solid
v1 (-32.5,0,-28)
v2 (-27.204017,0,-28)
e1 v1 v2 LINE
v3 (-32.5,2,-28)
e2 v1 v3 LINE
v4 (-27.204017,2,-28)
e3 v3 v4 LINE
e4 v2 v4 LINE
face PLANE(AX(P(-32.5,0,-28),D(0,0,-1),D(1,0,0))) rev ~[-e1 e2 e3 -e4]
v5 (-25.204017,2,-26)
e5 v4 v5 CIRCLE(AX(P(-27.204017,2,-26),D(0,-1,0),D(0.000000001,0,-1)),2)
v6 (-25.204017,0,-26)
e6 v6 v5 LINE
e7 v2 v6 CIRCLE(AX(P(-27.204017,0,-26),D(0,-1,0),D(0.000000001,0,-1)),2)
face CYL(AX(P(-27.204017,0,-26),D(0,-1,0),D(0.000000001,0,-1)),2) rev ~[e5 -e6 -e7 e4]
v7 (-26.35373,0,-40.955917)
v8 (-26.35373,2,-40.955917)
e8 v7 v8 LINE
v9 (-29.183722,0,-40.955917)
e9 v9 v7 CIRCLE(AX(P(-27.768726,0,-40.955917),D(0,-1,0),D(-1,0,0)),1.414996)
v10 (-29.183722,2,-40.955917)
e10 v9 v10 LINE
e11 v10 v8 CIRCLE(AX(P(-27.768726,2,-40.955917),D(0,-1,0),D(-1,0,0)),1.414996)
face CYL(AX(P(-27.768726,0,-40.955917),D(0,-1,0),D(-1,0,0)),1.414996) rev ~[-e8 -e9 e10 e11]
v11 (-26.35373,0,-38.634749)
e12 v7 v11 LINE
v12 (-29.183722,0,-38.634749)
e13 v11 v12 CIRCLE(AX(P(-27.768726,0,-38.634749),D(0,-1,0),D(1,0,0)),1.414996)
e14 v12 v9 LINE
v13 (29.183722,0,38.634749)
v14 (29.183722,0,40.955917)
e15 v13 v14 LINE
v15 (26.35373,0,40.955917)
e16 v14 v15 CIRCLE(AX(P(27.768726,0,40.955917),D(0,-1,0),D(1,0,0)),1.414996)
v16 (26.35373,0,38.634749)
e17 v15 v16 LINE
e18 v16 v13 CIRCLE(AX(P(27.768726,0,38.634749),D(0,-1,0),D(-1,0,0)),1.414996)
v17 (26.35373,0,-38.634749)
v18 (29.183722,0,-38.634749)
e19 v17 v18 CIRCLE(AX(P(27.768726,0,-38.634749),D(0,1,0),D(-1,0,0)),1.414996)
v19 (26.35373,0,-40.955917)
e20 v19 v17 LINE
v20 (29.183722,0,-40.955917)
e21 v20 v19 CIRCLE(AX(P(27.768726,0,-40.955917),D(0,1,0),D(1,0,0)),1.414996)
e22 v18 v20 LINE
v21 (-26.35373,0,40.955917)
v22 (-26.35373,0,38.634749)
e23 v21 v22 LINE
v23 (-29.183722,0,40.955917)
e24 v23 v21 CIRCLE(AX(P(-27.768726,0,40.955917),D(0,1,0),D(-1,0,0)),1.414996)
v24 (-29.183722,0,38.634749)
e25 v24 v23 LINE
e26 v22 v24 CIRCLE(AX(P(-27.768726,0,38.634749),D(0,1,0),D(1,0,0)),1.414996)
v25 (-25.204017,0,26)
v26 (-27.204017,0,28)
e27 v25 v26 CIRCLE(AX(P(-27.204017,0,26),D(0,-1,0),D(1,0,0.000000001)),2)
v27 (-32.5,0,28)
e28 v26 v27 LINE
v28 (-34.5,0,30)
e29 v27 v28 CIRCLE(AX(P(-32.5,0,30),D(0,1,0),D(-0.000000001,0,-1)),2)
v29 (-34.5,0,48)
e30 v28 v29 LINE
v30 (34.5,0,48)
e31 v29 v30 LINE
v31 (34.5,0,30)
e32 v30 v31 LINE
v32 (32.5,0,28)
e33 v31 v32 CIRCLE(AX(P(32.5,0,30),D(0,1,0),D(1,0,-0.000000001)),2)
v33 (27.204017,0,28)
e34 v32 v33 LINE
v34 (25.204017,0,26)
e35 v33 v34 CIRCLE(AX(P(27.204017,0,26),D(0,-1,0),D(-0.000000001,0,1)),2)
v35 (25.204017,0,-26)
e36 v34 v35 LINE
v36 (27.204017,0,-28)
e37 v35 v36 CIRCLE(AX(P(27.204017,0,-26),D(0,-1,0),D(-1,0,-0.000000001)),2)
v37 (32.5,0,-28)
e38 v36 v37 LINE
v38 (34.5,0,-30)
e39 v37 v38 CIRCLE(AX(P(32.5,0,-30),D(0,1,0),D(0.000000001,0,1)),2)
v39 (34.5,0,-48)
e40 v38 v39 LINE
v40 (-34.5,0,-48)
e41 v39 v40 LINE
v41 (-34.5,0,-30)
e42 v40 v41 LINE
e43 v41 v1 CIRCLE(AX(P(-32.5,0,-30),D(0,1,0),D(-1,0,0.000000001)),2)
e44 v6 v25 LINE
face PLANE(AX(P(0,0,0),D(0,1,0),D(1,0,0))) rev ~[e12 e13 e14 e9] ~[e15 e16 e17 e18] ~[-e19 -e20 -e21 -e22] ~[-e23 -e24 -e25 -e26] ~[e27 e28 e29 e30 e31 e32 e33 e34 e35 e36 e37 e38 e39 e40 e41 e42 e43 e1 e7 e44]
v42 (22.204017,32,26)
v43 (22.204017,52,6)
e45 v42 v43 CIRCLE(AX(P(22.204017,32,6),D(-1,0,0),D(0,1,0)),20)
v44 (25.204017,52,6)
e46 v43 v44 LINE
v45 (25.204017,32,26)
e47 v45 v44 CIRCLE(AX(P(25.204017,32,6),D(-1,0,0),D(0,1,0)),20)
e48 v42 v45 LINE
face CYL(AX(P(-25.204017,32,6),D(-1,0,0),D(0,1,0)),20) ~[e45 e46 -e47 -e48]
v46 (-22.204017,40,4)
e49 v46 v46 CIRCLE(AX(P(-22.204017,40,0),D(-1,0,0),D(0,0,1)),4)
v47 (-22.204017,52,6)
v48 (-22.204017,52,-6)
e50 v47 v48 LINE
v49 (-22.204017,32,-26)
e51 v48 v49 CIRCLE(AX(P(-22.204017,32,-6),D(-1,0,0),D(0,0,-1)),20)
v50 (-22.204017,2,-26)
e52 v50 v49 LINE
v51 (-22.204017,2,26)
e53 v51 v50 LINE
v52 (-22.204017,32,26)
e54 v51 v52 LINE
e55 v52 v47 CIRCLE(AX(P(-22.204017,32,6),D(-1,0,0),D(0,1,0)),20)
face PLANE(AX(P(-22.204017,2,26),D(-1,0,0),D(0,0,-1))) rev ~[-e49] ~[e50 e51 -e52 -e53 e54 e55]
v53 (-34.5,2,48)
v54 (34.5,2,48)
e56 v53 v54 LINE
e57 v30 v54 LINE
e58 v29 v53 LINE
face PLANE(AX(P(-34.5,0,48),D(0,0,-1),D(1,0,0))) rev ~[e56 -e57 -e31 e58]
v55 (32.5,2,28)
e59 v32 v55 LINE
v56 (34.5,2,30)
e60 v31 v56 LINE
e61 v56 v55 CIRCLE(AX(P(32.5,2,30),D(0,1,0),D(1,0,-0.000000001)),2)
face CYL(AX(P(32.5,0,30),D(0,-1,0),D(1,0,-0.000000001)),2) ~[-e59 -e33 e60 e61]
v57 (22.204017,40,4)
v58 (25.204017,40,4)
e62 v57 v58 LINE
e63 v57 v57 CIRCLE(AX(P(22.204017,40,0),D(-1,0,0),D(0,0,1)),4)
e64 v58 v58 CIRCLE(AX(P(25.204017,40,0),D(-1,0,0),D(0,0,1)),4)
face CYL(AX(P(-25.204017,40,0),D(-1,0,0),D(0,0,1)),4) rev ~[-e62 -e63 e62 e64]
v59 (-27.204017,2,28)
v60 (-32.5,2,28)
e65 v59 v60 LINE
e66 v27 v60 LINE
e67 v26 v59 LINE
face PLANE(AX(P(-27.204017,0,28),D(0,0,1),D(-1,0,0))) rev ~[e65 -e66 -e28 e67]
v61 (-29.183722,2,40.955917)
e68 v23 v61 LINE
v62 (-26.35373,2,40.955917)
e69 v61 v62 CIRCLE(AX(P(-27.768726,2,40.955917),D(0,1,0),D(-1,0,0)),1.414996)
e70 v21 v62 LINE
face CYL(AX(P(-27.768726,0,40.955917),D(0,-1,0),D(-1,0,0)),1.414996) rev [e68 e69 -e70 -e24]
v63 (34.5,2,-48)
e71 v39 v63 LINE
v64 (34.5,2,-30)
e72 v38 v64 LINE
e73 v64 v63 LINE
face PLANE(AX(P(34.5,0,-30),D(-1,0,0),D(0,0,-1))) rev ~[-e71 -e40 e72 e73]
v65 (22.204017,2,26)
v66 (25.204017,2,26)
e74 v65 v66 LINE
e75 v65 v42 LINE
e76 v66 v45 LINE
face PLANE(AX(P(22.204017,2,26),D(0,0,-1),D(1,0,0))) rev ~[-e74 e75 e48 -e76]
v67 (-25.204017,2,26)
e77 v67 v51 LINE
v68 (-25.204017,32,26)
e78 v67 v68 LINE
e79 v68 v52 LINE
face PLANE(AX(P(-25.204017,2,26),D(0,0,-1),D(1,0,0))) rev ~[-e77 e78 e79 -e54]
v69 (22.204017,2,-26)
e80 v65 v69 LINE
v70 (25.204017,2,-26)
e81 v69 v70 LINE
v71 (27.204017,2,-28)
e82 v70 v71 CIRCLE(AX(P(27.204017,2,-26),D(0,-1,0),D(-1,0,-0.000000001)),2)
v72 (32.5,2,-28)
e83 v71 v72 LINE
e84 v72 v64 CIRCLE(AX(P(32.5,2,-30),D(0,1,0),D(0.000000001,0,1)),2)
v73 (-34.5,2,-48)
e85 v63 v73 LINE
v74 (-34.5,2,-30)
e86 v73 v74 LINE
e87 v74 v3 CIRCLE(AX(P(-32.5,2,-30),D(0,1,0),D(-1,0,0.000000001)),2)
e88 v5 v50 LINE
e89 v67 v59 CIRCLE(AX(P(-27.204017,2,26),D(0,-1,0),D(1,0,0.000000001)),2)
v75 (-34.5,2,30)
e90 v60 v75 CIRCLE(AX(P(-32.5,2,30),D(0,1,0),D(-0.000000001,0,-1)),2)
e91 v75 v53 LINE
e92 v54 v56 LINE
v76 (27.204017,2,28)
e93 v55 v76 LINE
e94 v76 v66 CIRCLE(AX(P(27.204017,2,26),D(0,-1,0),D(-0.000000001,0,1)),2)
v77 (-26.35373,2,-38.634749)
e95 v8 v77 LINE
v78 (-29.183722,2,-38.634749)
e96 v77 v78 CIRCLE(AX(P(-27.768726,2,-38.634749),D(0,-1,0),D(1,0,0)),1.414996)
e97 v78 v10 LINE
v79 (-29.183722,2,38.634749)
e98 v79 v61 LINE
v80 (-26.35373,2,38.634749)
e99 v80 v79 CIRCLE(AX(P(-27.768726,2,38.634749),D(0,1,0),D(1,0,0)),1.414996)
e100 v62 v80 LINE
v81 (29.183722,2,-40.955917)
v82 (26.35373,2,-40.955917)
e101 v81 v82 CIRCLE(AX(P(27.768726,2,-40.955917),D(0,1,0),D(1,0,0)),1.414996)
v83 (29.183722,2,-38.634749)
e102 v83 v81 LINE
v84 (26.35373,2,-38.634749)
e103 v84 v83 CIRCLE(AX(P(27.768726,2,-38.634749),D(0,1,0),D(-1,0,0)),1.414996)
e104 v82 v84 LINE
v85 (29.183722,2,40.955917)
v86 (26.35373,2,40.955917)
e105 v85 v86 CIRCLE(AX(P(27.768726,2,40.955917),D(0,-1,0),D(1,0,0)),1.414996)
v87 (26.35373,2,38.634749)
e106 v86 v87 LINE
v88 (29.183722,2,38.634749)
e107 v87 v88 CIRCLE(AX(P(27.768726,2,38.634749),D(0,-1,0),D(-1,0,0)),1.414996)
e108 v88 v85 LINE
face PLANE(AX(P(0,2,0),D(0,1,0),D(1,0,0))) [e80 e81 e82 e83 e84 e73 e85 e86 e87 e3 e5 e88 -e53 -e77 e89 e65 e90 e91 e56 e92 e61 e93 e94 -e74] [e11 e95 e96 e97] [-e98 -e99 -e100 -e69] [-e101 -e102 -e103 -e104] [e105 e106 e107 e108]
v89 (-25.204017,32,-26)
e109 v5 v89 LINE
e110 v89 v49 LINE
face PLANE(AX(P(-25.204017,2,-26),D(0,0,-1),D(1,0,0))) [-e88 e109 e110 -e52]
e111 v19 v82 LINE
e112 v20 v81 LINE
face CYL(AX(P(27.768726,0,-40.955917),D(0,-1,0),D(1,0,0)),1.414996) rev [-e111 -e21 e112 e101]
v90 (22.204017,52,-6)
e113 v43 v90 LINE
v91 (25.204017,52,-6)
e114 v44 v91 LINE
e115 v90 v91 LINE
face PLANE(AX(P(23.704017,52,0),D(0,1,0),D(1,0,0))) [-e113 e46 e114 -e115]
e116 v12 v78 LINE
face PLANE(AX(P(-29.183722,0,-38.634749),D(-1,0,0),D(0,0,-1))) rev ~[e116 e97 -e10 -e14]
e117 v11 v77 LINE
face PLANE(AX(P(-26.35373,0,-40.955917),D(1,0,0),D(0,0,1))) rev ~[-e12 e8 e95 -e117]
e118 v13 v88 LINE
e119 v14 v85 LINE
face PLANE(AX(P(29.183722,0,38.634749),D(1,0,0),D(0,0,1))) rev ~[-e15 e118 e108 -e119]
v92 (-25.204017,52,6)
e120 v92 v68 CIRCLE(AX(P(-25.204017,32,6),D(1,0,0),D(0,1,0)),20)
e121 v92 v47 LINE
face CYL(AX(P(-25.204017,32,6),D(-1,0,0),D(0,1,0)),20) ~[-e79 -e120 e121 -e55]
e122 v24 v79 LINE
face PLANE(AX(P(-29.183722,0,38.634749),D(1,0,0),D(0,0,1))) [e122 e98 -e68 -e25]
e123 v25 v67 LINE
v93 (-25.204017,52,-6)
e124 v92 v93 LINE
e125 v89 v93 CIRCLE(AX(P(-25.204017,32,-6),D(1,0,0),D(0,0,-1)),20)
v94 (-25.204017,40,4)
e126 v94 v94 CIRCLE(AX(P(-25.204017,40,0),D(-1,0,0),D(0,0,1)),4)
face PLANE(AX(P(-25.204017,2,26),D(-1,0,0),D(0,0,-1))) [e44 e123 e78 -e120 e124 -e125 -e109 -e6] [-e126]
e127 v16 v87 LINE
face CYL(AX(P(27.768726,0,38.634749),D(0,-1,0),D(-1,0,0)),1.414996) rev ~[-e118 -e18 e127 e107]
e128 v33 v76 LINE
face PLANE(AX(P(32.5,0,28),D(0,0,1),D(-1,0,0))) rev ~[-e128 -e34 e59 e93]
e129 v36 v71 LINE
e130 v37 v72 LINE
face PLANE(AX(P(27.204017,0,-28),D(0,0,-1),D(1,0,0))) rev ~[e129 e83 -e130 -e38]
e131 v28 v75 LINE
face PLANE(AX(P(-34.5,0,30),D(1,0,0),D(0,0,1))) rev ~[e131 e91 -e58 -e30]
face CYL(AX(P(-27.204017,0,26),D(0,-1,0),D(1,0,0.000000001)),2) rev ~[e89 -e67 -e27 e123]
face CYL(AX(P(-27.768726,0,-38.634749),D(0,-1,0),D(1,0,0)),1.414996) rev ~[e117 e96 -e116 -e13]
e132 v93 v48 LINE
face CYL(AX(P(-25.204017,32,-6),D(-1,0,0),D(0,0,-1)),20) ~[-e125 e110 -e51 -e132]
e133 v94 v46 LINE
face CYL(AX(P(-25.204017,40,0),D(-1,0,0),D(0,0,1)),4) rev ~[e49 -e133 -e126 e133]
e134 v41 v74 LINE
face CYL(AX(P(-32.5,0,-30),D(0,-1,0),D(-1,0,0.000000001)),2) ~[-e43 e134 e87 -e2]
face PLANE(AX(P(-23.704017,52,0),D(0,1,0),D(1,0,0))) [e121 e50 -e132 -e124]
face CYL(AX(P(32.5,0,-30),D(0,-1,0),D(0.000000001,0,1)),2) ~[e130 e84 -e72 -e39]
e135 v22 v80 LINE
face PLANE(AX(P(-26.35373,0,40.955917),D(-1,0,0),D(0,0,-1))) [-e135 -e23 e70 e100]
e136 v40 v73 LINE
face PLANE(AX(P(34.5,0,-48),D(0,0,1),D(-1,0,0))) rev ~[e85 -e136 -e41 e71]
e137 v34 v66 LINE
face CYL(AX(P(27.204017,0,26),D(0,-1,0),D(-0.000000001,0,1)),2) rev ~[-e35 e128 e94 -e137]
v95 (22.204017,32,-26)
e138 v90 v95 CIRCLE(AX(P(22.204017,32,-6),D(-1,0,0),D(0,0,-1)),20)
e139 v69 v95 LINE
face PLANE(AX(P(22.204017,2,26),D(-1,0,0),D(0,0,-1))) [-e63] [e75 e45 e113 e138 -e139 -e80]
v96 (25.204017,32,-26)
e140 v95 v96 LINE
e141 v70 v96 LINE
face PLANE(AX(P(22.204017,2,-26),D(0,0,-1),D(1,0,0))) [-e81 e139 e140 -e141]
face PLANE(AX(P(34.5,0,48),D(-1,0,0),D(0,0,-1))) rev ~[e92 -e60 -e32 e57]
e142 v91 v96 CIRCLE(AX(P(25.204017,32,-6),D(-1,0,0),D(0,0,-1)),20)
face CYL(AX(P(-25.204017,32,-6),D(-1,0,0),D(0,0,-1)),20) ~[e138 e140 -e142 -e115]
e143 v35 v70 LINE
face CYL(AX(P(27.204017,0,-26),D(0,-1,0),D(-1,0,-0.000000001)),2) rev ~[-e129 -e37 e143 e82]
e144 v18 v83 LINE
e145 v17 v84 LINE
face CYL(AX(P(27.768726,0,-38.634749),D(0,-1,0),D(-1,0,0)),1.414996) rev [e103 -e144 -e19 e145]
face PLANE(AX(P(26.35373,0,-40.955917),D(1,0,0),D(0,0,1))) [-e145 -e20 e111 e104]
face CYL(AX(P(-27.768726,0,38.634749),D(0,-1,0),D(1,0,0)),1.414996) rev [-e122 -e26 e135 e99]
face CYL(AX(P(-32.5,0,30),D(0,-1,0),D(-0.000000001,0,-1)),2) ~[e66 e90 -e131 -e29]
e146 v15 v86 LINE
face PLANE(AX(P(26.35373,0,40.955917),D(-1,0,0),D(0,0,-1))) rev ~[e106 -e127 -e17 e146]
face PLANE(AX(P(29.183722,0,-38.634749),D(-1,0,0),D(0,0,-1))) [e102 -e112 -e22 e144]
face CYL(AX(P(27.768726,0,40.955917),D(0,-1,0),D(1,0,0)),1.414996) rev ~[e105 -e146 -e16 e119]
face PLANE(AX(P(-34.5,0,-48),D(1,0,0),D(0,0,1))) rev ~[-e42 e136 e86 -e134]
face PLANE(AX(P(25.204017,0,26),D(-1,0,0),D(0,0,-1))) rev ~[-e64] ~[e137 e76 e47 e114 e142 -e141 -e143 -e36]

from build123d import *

# Parameters (mm, degrees)
BOSS_EXTRUDE1_DEPTH = 2
SKETCH2_W           = 3
SKETCH2_H           = 52
BOSS_EXTRUDE2_DEPTH = 50
SKETCH3_R           = 4
CUT_EXTRUDE1_DEPTH  = 90


with BuildPart() as part:
    # Sketch1 → Boss-Extrude1 (new body)
    with BuildSketch(Plane(origin=(0, 0, 0), x_dir=(1, 0, 0), z_dir=(0, 1, 0))):
        with BuildLine():
            Line((-32.5, 28), (-27.204017471, 28))
            ThreePointArc((-27.204017471, 28), (-25.789803909, 27.414213562), (-25.204017471, 26))
            Line((-25.204017471, 26), (-25.204017471, -26))
            ThreePointArc((-25.204017471, -26), (-25.789803909, -27.414213562), (-27.204017471, -28))
            Line((-27.204017471, -28), (-32.5, -28))
            ThreePointArc((-32.5, -28), (-33.914213562, -28.585786438), (-34.5, -30))
            Line((-34.5, -30), (-34.5, -48))
            Line((-34.5, -48), (34.5, -48))
            Line((34.5, -48), (34.5, -30))
            ThreePointArc((34.5, -30), (33.914213562, -28.585786438), (32.5, -28))
            Line((32.5, -28), (27.204017471, -28))
            ThreePointArc((27.204017471, -28), (25.789803909, -27.414213562), (25.204017471, -26))
            Line((25.204017471, -26), (25.204017471, 26))
            ThreePointArc((25.204017471, 26), (25.789803909, 27.414213562), (27.204017471, 28))
            Line((27.204017471, 28), (32.5, 28))
            ThreePointArc((32.5, 28), (33.914213562, 28.585786438), (34.5, 30))
            Line((34.5, 30), (34.5, 48))
            Line((34.5, 48), (-34.5, 48))
            Line((-34.5, 48), (-34.5, 30))
            ThreePointArc((-34.5, 30), (-33.914213562, 28.585786438), (-32.5, 28))
        make_face()
        with BuildLine():
            Line((-26.353730012, 40.955917197), (-26.353730012, 38.634748977))
            ThreePointArc((-26.353730012, 38.634748977), (-27.768725827, 37.219753162), (-29.183721642, 38.634748977))
            Line((-29.183721642, 38.634748977), (-29.183721642, 40.955917197))
            ThreePointArc((-29.183721642, 40.955917197), (-27.768725827, 42.370913012), (-26.353730012, 40.955917197))
        make_face(mode=Mode.SUBTRACT)
        with BuildLine():
            Line((26.353730012, 40.955917197), (26.353730012, 38.634748977))
            ThreePointArc((26.353730012, 38.634748977), (27.768725827, 37.219753162), (29.183721642, 38.634748977))
            Line((29.183721642, 38.634748977), (29.183721642, 40.955917197))
            ThreePointArc((29.183721642, 40.955917197), (27.768725827, 42.370913012), (26.353730012, 40.955917197))
        make_face(mode=Mode.SUBTRACT)
        with BuildLine():
            Line((-26.353730012, -40.955917197), (-26.353730012, -38.634748977))
            ThreePointArc((-26.353730012, -38.634748977), (-27.768725827, -37.219753162), (-29.183721642, -38.634748977))
            Line((-29.183721642, -38.634748977), (-29.183721642, -40.955917197))
            ThreePointArc((-29.183721642, -40.955917197), (-27.768725827, -42.370913012), (-26.353730012, -40.955917197))
        make_face(mode=Mode.SUBTRACT)
        with BuildLine():
            Line((26.353730012, -40.955917197), (26.353730012, -38.634748977))
            ThreePointArc((26.353730012, -38.634748977), (27.768725827, -37.219753162), (29.183721642, -38.634748977))
            Line((29.183721642, -38.634748977), (29.183721642, -40.955917197))
            ThreePointArc((29.183721642, -40.955917197), (27.768725827, -42.370913012), (26.353730012, -40.955917197))
        make_face(mode=Mode.SUBTRACT)
    extrude(amount=BOSS_EXTRUDE1_DEPTH)

    # Sketch2 → Boss-Extrude2 (add)
    with BuildSketch(Plane(origin=(0, 2, 0), x_dir=(1, 0, 0), z_dir=(0, 1, 0))):
        with Locations((-23.704017471, 0)):
            Rectangle(SKETCH2_W, SKETCH2_H)
        with Locations((23.704017471, 0)):
            Rectangle(SKETCH2_W, SKETCH2_H)
    extrude(amount=BOSS_EXTRUDE2_DEPTH)

    # Sketch3 → Cut-Extrude1 (cut)
    with BuildSketch(Plane.ZY.offset(25.204017471)):
        with BuildLine():
            Line((-26, 52), (-26, 32))
            ThreePointArc((-26, 32), (-20.142135624, 46.142135624), (-6, 52))
            Line((-6, 52), (-26, 52))
        make_face()
        with BuildLine():
            ThreePointArc((6, 52), (20.142135624, 46.142135624), (26, 32))
            Line((26, 32), (26, 52))
            Line((26, 52), (6, 52))
        make_face()
        with Locations((0, 40)):
            Circle(SKETCH3_R)
    extrude(amount=-CUT_EXTRUDE1_DEPTH, mode=Mode.SUBTRACT)


solid = part.part
